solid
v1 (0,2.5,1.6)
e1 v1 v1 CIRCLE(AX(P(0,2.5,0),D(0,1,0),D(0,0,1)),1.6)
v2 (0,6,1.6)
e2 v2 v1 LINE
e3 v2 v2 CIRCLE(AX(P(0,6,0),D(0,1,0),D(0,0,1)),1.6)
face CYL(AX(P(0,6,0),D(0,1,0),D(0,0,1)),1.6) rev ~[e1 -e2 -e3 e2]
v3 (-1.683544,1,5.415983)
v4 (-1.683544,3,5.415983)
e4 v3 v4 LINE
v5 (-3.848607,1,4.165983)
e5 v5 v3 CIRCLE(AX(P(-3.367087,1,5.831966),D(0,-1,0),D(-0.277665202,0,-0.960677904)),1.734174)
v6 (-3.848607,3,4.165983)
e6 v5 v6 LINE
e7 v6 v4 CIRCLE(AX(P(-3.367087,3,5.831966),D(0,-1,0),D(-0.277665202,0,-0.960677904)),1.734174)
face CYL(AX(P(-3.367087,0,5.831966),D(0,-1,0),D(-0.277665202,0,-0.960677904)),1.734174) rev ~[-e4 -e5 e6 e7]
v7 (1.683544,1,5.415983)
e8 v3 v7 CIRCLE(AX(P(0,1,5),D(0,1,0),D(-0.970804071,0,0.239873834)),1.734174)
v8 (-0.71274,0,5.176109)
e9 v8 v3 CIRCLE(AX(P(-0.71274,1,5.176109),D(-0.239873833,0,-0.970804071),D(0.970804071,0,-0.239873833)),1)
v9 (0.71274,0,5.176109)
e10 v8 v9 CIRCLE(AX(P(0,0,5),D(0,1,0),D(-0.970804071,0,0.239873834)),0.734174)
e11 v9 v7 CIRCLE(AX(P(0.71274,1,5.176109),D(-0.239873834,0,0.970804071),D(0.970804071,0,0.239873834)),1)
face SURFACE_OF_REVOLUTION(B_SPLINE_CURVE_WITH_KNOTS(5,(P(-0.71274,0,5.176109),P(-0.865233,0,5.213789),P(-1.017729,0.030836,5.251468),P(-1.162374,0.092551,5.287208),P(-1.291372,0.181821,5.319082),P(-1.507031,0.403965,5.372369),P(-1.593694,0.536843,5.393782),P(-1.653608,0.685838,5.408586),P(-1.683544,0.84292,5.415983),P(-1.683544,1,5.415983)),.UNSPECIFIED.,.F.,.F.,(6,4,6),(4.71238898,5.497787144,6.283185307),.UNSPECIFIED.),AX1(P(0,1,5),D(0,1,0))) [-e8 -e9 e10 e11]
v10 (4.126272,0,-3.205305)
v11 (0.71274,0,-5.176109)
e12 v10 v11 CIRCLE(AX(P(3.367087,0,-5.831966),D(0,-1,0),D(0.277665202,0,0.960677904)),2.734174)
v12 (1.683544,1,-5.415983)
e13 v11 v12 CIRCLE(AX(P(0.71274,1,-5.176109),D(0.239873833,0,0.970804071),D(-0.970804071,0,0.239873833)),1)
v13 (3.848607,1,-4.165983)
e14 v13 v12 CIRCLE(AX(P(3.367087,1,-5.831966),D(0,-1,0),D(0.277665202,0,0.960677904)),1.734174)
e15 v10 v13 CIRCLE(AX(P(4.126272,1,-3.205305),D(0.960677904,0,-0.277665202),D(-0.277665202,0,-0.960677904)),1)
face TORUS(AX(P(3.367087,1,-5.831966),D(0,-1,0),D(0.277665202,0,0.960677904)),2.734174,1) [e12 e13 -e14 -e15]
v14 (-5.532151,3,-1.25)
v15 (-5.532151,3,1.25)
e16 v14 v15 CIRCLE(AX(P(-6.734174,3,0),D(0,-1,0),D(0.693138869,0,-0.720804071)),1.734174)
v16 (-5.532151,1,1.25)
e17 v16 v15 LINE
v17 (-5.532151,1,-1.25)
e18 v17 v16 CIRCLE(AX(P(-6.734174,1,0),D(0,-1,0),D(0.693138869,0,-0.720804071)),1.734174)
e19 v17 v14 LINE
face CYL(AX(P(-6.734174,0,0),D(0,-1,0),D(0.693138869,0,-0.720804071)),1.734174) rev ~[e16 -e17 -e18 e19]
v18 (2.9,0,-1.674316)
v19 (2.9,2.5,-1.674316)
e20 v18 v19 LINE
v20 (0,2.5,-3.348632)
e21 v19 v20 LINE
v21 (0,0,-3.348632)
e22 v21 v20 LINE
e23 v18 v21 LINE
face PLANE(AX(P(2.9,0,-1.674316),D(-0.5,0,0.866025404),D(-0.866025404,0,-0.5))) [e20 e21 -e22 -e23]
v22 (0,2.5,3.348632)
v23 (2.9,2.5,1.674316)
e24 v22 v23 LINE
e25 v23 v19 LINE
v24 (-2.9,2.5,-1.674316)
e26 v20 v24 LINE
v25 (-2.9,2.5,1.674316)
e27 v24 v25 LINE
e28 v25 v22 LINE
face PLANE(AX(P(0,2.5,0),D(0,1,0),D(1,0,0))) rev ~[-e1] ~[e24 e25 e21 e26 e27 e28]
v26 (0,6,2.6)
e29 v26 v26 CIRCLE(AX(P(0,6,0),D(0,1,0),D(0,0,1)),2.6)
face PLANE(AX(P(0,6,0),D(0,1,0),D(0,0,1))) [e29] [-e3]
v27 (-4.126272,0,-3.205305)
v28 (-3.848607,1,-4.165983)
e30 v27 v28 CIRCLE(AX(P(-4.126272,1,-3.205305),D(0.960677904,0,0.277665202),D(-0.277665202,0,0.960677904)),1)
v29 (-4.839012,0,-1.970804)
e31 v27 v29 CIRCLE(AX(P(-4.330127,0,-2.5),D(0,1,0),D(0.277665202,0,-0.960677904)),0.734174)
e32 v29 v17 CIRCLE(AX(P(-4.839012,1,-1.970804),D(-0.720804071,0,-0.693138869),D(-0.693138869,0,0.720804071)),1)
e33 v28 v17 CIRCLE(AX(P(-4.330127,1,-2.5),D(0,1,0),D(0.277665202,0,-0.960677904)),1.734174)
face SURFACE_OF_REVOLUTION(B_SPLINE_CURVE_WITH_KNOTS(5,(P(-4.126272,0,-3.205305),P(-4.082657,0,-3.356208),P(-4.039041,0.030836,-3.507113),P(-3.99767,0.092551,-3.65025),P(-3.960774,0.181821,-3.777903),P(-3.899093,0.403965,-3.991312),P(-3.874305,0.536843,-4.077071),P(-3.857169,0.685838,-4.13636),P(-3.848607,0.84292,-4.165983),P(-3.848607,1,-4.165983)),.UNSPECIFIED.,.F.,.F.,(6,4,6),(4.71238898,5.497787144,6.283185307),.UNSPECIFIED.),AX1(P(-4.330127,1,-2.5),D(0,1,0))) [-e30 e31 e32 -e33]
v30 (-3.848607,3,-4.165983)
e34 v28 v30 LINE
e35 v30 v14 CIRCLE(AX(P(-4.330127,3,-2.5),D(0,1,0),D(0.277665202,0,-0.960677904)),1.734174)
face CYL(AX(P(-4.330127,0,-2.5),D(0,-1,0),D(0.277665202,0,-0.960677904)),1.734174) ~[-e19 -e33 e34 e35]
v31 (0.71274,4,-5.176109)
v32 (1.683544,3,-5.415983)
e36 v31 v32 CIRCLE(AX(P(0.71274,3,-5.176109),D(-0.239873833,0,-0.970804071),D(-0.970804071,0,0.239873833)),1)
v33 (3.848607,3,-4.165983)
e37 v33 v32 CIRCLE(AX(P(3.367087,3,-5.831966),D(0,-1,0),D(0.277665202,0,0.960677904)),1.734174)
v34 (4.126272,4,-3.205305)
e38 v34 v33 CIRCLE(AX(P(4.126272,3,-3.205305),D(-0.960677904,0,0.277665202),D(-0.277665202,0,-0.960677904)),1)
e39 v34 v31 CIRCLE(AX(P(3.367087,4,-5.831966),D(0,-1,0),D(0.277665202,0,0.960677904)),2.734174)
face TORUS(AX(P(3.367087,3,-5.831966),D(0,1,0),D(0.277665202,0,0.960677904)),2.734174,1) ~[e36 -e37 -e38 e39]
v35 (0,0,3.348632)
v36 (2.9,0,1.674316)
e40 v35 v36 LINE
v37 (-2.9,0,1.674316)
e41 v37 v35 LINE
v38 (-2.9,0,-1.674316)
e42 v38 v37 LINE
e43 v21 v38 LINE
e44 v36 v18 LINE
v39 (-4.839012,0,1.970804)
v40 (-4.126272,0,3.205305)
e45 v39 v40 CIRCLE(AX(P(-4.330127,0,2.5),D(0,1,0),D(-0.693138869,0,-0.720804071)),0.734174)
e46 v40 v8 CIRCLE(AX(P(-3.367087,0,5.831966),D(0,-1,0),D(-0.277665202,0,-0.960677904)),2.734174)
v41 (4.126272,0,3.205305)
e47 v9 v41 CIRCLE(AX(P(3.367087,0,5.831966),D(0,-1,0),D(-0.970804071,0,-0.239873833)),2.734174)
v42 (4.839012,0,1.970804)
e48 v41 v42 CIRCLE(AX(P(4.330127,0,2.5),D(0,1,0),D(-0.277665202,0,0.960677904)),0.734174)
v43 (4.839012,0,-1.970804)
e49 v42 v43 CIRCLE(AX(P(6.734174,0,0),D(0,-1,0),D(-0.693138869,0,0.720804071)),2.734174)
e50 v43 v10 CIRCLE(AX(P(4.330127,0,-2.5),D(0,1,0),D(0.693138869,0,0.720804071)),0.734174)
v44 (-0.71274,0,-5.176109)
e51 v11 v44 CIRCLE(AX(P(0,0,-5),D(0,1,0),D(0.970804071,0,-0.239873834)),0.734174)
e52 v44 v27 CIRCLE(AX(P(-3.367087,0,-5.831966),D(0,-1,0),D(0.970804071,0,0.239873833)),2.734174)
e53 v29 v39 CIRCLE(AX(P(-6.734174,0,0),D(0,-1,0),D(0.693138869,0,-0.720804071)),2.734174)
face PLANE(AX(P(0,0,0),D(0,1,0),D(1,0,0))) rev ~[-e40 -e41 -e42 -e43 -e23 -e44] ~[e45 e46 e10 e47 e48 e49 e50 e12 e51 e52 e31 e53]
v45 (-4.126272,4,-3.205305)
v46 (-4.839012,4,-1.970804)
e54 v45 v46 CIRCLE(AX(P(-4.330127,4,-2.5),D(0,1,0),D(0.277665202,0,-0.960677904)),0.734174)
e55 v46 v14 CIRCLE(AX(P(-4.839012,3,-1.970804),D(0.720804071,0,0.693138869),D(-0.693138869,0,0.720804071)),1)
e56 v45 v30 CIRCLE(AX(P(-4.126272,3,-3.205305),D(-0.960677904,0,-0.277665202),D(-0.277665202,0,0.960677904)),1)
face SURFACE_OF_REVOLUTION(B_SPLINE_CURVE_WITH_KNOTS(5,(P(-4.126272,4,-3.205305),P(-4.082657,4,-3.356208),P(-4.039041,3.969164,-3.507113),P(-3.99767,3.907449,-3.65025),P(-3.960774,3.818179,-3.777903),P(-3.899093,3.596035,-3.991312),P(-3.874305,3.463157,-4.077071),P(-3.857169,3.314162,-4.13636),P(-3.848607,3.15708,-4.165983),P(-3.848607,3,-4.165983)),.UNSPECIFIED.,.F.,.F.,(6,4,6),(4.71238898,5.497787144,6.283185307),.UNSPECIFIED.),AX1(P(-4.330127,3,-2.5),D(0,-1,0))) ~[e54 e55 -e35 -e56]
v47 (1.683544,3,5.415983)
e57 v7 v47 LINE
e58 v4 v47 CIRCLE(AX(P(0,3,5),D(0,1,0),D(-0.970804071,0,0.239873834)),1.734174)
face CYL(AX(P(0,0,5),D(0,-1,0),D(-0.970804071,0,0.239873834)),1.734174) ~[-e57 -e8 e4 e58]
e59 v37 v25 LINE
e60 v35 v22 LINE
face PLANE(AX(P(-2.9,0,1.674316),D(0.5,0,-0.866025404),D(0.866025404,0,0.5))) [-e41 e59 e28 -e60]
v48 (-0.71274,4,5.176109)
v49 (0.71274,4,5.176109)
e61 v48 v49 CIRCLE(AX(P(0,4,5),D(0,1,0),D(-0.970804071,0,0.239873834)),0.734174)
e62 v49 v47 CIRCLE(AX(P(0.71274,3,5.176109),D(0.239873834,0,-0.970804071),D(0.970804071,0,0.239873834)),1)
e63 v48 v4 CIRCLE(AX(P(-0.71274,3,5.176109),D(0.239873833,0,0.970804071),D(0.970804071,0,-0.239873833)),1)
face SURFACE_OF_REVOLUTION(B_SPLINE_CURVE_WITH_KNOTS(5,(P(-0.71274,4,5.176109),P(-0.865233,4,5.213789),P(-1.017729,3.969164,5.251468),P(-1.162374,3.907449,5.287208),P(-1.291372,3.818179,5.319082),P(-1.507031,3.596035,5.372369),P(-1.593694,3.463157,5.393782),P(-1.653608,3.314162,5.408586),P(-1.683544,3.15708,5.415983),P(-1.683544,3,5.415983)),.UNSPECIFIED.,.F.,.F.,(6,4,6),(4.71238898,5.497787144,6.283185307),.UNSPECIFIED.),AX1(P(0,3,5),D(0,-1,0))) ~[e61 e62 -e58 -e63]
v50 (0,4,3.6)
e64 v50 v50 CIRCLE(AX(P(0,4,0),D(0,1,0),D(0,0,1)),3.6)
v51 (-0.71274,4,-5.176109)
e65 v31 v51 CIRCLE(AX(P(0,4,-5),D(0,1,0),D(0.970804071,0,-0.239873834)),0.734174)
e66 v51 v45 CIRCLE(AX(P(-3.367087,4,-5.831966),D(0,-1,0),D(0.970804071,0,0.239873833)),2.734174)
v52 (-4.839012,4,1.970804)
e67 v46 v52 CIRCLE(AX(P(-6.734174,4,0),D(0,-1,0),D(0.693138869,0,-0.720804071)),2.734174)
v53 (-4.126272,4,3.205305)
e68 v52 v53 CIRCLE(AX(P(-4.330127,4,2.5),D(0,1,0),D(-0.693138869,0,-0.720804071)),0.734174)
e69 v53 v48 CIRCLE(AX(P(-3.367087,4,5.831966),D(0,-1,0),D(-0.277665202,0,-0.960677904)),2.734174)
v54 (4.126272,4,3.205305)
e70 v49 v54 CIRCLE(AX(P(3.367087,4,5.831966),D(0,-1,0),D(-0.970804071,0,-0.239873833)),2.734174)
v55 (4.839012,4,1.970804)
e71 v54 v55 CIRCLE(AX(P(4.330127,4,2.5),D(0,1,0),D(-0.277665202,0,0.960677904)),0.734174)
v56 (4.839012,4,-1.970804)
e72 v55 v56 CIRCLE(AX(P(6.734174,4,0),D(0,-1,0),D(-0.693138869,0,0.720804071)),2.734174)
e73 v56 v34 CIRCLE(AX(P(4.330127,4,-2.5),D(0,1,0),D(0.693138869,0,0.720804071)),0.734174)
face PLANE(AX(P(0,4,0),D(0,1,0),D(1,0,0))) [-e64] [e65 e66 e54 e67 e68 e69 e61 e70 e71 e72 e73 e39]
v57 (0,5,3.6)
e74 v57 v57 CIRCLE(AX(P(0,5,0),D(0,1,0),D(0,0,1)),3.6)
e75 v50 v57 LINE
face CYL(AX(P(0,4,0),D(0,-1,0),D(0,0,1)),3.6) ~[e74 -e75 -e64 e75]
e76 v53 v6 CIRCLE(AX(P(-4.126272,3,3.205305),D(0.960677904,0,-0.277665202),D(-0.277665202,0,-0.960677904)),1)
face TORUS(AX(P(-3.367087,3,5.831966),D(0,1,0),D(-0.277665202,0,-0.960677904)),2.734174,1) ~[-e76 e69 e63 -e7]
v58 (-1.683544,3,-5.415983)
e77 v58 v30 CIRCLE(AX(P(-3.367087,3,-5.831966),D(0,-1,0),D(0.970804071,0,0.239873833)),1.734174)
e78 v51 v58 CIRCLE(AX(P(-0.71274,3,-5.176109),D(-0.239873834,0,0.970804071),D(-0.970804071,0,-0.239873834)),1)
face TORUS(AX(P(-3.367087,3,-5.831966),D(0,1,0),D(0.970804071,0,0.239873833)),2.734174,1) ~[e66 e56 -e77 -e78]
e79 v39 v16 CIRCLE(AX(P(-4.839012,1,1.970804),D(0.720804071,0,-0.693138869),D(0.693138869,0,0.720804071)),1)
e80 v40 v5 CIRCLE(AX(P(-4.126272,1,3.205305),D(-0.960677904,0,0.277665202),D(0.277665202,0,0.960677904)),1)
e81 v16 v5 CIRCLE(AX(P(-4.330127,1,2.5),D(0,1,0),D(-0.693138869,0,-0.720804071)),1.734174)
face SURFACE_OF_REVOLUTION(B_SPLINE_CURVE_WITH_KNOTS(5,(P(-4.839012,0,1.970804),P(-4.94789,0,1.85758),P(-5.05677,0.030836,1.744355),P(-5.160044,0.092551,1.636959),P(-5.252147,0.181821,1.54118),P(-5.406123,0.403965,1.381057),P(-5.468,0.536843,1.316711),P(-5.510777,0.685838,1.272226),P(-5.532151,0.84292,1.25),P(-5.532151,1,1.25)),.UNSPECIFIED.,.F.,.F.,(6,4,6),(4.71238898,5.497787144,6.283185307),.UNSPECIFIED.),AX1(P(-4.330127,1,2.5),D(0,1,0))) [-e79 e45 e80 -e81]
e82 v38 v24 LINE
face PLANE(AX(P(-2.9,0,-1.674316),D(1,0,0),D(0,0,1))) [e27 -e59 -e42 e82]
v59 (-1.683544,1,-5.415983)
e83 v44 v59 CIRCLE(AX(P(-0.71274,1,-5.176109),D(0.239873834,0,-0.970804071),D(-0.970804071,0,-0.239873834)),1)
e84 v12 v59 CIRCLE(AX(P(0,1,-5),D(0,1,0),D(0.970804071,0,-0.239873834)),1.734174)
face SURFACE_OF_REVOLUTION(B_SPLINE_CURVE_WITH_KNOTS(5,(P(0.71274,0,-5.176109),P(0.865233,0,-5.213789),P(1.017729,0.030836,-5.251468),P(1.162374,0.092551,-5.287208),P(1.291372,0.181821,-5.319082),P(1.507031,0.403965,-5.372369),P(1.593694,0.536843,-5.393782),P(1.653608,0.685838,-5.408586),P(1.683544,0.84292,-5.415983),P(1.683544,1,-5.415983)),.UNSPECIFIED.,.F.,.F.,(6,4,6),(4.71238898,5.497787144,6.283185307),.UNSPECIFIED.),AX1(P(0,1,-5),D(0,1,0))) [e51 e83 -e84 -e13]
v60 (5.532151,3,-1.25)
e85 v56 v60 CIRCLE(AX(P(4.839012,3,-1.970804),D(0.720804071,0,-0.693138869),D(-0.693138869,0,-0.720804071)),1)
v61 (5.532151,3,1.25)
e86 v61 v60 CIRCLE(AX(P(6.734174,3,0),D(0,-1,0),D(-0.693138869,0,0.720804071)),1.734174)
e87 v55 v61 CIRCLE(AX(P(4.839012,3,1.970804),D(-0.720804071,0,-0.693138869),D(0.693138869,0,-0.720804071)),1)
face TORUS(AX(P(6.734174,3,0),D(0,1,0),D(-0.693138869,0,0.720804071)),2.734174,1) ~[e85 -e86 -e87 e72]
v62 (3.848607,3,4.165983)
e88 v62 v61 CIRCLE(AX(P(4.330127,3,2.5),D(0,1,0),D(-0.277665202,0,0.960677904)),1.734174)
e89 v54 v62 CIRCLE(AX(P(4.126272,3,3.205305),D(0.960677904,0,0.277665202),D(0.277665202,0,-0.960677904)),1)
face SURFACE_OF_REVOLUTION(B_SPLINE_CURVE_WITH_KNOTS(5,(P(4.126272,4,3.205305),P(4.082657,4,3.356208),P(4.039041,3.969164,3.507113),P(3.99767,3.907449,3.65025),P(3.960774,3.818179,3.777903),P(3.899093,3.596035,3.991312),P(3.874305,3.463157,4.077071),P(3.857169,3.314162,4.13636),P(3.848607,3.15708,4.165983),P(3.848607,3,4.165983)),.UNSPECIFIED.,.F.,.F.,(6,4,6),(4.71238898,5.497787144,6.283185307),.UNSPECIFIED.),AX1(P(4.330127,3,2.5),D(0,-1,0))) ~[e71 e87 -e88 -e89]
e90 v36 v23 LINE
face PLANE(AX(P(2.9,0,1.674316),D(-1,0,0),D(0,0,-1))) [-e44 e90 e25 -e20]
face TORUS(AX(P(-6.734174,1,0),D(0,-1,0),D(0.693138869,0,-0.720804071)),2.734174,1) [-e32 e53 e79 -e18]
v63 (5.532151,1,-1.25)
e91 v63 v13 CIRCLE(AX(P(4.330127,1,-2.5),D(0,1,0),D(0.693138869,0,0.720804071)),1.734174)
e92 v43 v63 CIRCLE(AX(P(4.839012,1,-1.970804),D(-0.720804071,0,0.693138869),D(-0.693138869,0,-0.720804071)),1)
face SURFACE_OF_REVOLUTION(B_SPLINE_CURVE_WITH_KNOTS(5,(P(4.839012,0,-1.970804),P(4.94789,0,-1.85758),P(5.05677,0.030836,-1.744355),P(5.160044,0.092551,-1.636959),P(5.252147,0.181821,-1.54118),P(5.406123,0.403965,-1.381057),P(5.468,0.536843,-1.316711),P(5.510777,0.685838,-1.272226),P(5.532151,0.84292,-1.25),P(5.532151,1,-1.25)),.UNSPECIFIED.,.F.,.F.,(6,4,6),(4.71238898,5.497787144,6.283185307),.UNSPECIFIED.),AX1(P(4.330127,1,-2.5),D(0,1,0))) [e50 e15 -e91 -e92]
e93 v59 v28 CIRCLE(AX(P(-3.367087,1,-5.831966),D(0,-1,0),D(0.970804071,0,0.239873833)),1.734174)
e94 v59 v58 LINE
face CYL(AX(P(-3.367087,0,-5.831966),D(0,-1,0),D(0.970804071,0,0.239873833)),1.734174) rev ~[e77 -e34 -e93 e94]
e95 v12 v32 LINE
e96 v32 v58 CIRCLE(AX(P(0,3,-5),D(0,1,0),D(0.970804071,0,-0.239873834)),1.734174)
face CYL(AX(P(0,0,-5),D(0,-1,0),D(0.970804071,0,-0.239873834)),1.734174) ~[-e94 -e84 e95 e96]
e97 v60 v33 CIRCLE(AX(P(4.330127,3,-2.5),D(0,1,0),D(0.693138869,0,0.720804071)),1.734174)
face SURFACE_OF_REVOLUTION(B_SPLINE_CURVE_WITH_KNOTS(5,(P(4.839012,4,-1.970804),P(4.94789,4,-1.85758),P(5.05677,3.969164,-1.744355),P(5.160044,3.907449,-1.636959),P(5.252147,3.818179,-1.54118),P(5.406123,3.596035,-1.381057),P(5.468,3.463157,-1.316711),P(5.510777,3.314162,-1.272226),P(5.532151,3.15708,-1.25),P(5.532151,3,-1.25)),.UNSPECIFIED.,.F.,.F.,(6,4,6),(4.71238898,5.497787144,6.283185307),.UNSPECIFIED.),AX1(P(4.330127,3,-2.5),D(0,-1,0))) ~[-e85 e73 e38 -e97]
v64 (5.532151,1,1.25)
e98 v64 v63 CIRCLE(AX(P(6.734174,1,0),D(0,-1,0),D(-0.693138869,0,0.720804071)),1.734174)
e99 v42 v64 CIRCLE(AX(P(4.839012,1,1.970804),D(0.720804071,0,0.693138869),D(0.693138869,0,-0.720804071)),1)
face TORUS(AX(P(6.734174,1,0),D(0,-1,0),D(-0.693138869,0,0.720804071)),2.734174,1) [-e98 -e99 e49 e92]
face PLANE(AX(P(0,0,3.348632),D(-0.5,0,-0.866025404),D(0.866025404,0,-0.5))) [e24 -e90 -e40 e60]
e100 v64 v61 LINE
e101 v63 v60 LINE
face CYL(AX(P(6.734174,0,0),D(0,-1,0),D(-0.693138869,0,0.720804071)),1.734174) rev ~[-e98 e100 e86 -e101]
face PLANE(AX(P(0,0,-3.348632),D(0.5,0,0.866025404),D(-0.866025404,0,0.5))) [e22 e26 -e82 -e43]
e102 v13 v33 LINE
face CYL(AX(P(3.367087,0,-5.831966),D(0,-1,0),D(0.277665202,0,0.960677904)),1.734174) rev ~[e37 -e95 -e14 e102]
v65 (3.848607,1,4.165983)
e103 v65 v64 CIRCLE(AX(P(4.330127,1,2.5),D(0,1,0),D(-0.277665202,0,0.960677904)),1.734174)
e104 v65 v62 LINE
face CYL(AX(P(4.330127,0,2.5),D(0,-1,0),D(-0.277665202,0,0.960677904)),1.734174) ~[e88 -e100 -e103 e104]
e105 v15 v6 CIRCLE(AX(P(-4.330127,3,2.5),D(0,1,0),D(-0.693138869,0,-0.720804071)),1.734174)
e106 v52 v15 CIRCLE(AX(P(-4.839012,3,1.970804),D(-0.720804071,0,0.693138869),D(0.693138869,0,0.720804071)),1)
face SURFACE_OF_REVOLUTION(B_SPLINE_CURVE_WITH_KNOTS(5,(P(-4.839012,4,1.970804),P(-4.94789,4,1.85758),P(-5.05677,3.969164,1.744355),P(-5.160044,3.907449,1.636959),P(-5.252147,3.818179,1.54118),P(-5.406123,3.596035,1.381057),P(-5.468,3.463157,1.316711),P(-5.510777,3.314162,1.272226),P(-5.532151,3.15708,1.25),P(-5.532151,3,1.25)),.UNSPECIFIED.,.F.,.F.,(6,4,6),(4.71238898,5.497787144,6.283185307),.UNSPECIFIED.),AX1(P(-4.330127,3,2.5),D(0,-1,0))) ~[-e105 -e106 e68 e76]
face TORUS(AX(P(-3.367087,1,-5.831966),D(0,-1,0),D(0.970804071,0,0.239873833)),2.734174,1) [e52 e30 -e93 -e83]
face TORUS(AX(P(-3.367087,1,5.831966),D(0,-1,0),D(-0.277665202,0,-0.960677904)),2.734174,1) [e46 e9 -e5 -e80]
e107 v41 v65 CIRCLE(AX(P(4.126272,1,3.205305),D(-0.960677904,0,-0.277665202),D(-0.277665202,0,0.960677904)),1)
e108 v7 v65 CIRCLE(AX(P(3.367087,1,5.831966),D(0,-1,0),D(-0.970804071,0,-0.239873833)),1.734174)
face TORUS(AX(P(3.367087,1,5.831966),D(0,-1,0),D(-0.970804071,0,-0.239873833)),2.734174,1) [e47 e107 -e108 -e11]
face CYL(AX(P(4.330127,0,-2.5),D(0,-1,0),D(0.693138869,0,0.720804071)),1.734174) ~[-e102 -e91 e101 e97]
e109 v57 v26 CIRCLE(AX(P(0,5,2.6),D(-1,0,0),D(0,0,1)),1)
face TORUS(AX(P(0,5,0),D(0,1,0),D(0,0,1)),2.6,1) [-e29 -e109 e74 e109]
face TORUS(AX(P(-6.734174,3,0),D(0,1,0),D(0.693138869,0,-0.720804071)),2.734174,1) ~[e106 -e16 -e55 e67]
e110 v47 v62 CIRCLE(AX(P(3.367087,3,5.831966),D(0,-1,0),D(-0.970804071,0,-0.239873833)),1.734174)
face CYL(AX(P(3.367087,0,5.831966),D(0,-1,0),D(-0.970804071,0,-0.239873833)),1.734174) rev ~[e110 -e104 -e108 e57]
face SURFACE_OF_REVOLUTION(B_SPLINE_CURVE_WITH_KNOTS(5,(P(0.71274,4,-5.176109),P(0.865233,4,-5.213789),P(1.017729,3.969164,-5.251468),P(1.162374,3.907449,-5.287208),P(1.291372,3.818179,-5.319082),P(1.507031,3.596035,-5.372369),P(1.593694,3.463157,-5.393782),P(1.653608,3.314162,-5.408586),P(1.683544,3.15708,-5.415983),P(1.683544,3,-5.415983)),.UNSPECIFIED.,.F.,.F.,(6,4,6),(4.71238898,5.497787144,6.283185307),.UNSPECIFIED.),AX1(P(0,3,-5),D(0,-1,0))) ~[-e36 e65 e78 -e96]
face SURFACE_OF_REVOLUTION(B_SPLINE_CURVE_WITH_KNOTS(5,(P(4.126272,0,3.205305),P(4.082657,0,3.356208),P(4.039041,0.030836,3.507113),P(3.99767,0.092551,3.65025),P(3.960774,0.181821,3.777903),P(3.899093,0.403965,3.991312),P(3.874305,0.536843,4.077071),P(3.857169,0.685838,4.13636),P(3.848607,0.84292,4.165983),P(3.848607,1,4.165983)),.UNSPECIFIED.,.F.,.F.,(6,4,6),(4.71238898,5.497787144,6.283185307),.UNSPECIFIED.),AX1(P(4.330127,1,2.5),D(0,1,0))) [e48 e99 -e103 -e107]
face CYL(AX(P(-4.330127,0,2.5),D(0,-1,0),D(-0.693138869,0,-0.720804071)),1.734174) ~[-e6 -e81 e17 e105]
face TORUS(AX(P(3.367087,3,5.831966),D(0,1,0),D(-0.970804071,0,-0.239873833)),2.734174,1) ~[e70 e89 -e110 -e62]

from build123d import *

# Parameters (mm, degrees)
EXTRUDE_1_DEPTH     = 4
SKETCH_2_R          = 3.6
EXTRUDE_2_DEPTH     = 2
SKETCH_3_R          = 1.6
CUT_EXTRUDE_1_DEPTH = 11.868526014
CUT_EXTRUDE_2_DEPTH = 2.5
FILLET_1_R          = 1


with BuildPart() as part:
    # Эскиз1 → Бобышка-Вытянуть1 (new body)
    with BuildSketch(Plane(origin=(0, 0, 0), x_dir=(1, 0, 0), z_dir=(0, 1, 0))):
        with BuildLine():
            ThreePointArc((1.683543611, 5.415983072), (0, 6.734174445), (-1.683543611, 5.415983072))
            ThreePointArc((-1.683543611, 5.415983072), (-2.5, 4.330127019), (-3.848607121, 4.165983072))
            ThreePointArc((-3.848607121, 4.165983072), (-5.831966143, 3.367087223), (-5.532150732, 1.25))
            ThreePointArc((-5.532150732, 1.25), (-5, 0), (-5.532150732, -1.25))
            ThreePointArc((-5.532150732, -1.25), (-5.831966143, -3.367087223), (-3.848607121, -4.165983072))
            ThreePointArc((-3.848607121, -4.165983072), (-2.5, -4.330127019), (-1.683543611, -5.415983072))
            ThreePointArc((-1.683543611, -5.415983072), (0, -6.734174445), (1.683543611, -5.415983072))
            ThreePointArc((1.683543611, -5.415983072), (2.5, -4.330127019), (3.848607121, -4.165983072))
            ThreePointArc((3.848607121, -4.165983072), (5.831966143, -3.367087223), (5.532150732, -1.25))
            ThreePointArc((5.532150732, -1.25), (5, 0), (5.532150732, 1.25))
            ThreePointArc((5.532150732, 1.25), (5.831966143, 3.367087223), (3.848607121, 4.165983072))
            ThreePointArc((3.848607121, 4.165983072), (2.5, 4.330127019), (1.683543611, 5.415983072))
        make_face()
    extrude(amount=EXTRUDE_1_DEPTH)

    # Эскиз2 → Бобышка-Вытянуть2 (add)
    with BuildSketch(Plane(origin=(0, 4, 0), x_dir=(1, 0, 0), z_dir=(0, 1, 0))):
        Circle(SKETCH_2_R)
    extrude(amount=EXTRUDE_2_DEPTH)

    # Эскиз3 → Вырез-Вытянуть1 (cut, through all)
    with BuildSketch(Plane(origin=(0, 6, 0), x_dir=(1, 0, 0), z_dir=(0, 1, 0))):
        Circle(SKETCH_3_R)
    extrude(amount=-CUT_EXTRUDE_1_DEPTH, mode=Mode.SUBTRACT)

    # Эскиз1<3> → Вырез-Вытянуть2 (cut)
    with BuildSketch(Plane(origin=(0, 0, 0), x_dir=(1, 0, 0), z_dir=(0, 1, 0))):
        Polygon((0, 3.348631561), (-2.9, 1.674315781), (-2.9, -1.674315781), (0, -3.348631561), (2.9, -1.674315781), (2.9, 1.674315781), align=None)
    extrude(amount=CUT_EXTRUDE_2_DEPTH, mode=Mode.SUBTRACT)

    # Скругление1
    fillet_1_edges = [part.edges().sort_by_distance(p)[0] for p in [
        (-2.5, 4, 4.330127019),
        (-5.831966143, 4, 3.367087223),
        (-5, 4, 0),
        (-5.831966143, 4, -3.367087223),
        (-2.5, 4, -4.330127019),
        (0, 4, -6.734174445),
        (2.5, 4, -4.330127019),
        (5.831966143, 4, -3.367087223),
        (5, 4, 0),
        (5.831966143, 4, 3.367087223),
        (2.5, 4, 4.330127019),
        (-2.5, 0, 4.330127019),
        (-5.831966143, 0, 3.367087223),
        (-5, 0, 0),
        (-5.831966143, 0, -3.367087223),
        (-2.5, 0, -4.330127019),
        (0, 0, -6.734174445),
        (2.5, 0, -4.330127019),
        (5.831966143, 0, -3.367087223),
        (5, 0, 0),
        (5.831966143, 0, 3.367087223),
        (2.5, 0, 4.330127019),
        (-3.6, 6, 0),
        (0, 4, 6.734174445),
        (0, 0, 6.734174445),
    ]]
    fillet(fillet_1_edges, radius=FILLET_1_R)


solid = part.part
